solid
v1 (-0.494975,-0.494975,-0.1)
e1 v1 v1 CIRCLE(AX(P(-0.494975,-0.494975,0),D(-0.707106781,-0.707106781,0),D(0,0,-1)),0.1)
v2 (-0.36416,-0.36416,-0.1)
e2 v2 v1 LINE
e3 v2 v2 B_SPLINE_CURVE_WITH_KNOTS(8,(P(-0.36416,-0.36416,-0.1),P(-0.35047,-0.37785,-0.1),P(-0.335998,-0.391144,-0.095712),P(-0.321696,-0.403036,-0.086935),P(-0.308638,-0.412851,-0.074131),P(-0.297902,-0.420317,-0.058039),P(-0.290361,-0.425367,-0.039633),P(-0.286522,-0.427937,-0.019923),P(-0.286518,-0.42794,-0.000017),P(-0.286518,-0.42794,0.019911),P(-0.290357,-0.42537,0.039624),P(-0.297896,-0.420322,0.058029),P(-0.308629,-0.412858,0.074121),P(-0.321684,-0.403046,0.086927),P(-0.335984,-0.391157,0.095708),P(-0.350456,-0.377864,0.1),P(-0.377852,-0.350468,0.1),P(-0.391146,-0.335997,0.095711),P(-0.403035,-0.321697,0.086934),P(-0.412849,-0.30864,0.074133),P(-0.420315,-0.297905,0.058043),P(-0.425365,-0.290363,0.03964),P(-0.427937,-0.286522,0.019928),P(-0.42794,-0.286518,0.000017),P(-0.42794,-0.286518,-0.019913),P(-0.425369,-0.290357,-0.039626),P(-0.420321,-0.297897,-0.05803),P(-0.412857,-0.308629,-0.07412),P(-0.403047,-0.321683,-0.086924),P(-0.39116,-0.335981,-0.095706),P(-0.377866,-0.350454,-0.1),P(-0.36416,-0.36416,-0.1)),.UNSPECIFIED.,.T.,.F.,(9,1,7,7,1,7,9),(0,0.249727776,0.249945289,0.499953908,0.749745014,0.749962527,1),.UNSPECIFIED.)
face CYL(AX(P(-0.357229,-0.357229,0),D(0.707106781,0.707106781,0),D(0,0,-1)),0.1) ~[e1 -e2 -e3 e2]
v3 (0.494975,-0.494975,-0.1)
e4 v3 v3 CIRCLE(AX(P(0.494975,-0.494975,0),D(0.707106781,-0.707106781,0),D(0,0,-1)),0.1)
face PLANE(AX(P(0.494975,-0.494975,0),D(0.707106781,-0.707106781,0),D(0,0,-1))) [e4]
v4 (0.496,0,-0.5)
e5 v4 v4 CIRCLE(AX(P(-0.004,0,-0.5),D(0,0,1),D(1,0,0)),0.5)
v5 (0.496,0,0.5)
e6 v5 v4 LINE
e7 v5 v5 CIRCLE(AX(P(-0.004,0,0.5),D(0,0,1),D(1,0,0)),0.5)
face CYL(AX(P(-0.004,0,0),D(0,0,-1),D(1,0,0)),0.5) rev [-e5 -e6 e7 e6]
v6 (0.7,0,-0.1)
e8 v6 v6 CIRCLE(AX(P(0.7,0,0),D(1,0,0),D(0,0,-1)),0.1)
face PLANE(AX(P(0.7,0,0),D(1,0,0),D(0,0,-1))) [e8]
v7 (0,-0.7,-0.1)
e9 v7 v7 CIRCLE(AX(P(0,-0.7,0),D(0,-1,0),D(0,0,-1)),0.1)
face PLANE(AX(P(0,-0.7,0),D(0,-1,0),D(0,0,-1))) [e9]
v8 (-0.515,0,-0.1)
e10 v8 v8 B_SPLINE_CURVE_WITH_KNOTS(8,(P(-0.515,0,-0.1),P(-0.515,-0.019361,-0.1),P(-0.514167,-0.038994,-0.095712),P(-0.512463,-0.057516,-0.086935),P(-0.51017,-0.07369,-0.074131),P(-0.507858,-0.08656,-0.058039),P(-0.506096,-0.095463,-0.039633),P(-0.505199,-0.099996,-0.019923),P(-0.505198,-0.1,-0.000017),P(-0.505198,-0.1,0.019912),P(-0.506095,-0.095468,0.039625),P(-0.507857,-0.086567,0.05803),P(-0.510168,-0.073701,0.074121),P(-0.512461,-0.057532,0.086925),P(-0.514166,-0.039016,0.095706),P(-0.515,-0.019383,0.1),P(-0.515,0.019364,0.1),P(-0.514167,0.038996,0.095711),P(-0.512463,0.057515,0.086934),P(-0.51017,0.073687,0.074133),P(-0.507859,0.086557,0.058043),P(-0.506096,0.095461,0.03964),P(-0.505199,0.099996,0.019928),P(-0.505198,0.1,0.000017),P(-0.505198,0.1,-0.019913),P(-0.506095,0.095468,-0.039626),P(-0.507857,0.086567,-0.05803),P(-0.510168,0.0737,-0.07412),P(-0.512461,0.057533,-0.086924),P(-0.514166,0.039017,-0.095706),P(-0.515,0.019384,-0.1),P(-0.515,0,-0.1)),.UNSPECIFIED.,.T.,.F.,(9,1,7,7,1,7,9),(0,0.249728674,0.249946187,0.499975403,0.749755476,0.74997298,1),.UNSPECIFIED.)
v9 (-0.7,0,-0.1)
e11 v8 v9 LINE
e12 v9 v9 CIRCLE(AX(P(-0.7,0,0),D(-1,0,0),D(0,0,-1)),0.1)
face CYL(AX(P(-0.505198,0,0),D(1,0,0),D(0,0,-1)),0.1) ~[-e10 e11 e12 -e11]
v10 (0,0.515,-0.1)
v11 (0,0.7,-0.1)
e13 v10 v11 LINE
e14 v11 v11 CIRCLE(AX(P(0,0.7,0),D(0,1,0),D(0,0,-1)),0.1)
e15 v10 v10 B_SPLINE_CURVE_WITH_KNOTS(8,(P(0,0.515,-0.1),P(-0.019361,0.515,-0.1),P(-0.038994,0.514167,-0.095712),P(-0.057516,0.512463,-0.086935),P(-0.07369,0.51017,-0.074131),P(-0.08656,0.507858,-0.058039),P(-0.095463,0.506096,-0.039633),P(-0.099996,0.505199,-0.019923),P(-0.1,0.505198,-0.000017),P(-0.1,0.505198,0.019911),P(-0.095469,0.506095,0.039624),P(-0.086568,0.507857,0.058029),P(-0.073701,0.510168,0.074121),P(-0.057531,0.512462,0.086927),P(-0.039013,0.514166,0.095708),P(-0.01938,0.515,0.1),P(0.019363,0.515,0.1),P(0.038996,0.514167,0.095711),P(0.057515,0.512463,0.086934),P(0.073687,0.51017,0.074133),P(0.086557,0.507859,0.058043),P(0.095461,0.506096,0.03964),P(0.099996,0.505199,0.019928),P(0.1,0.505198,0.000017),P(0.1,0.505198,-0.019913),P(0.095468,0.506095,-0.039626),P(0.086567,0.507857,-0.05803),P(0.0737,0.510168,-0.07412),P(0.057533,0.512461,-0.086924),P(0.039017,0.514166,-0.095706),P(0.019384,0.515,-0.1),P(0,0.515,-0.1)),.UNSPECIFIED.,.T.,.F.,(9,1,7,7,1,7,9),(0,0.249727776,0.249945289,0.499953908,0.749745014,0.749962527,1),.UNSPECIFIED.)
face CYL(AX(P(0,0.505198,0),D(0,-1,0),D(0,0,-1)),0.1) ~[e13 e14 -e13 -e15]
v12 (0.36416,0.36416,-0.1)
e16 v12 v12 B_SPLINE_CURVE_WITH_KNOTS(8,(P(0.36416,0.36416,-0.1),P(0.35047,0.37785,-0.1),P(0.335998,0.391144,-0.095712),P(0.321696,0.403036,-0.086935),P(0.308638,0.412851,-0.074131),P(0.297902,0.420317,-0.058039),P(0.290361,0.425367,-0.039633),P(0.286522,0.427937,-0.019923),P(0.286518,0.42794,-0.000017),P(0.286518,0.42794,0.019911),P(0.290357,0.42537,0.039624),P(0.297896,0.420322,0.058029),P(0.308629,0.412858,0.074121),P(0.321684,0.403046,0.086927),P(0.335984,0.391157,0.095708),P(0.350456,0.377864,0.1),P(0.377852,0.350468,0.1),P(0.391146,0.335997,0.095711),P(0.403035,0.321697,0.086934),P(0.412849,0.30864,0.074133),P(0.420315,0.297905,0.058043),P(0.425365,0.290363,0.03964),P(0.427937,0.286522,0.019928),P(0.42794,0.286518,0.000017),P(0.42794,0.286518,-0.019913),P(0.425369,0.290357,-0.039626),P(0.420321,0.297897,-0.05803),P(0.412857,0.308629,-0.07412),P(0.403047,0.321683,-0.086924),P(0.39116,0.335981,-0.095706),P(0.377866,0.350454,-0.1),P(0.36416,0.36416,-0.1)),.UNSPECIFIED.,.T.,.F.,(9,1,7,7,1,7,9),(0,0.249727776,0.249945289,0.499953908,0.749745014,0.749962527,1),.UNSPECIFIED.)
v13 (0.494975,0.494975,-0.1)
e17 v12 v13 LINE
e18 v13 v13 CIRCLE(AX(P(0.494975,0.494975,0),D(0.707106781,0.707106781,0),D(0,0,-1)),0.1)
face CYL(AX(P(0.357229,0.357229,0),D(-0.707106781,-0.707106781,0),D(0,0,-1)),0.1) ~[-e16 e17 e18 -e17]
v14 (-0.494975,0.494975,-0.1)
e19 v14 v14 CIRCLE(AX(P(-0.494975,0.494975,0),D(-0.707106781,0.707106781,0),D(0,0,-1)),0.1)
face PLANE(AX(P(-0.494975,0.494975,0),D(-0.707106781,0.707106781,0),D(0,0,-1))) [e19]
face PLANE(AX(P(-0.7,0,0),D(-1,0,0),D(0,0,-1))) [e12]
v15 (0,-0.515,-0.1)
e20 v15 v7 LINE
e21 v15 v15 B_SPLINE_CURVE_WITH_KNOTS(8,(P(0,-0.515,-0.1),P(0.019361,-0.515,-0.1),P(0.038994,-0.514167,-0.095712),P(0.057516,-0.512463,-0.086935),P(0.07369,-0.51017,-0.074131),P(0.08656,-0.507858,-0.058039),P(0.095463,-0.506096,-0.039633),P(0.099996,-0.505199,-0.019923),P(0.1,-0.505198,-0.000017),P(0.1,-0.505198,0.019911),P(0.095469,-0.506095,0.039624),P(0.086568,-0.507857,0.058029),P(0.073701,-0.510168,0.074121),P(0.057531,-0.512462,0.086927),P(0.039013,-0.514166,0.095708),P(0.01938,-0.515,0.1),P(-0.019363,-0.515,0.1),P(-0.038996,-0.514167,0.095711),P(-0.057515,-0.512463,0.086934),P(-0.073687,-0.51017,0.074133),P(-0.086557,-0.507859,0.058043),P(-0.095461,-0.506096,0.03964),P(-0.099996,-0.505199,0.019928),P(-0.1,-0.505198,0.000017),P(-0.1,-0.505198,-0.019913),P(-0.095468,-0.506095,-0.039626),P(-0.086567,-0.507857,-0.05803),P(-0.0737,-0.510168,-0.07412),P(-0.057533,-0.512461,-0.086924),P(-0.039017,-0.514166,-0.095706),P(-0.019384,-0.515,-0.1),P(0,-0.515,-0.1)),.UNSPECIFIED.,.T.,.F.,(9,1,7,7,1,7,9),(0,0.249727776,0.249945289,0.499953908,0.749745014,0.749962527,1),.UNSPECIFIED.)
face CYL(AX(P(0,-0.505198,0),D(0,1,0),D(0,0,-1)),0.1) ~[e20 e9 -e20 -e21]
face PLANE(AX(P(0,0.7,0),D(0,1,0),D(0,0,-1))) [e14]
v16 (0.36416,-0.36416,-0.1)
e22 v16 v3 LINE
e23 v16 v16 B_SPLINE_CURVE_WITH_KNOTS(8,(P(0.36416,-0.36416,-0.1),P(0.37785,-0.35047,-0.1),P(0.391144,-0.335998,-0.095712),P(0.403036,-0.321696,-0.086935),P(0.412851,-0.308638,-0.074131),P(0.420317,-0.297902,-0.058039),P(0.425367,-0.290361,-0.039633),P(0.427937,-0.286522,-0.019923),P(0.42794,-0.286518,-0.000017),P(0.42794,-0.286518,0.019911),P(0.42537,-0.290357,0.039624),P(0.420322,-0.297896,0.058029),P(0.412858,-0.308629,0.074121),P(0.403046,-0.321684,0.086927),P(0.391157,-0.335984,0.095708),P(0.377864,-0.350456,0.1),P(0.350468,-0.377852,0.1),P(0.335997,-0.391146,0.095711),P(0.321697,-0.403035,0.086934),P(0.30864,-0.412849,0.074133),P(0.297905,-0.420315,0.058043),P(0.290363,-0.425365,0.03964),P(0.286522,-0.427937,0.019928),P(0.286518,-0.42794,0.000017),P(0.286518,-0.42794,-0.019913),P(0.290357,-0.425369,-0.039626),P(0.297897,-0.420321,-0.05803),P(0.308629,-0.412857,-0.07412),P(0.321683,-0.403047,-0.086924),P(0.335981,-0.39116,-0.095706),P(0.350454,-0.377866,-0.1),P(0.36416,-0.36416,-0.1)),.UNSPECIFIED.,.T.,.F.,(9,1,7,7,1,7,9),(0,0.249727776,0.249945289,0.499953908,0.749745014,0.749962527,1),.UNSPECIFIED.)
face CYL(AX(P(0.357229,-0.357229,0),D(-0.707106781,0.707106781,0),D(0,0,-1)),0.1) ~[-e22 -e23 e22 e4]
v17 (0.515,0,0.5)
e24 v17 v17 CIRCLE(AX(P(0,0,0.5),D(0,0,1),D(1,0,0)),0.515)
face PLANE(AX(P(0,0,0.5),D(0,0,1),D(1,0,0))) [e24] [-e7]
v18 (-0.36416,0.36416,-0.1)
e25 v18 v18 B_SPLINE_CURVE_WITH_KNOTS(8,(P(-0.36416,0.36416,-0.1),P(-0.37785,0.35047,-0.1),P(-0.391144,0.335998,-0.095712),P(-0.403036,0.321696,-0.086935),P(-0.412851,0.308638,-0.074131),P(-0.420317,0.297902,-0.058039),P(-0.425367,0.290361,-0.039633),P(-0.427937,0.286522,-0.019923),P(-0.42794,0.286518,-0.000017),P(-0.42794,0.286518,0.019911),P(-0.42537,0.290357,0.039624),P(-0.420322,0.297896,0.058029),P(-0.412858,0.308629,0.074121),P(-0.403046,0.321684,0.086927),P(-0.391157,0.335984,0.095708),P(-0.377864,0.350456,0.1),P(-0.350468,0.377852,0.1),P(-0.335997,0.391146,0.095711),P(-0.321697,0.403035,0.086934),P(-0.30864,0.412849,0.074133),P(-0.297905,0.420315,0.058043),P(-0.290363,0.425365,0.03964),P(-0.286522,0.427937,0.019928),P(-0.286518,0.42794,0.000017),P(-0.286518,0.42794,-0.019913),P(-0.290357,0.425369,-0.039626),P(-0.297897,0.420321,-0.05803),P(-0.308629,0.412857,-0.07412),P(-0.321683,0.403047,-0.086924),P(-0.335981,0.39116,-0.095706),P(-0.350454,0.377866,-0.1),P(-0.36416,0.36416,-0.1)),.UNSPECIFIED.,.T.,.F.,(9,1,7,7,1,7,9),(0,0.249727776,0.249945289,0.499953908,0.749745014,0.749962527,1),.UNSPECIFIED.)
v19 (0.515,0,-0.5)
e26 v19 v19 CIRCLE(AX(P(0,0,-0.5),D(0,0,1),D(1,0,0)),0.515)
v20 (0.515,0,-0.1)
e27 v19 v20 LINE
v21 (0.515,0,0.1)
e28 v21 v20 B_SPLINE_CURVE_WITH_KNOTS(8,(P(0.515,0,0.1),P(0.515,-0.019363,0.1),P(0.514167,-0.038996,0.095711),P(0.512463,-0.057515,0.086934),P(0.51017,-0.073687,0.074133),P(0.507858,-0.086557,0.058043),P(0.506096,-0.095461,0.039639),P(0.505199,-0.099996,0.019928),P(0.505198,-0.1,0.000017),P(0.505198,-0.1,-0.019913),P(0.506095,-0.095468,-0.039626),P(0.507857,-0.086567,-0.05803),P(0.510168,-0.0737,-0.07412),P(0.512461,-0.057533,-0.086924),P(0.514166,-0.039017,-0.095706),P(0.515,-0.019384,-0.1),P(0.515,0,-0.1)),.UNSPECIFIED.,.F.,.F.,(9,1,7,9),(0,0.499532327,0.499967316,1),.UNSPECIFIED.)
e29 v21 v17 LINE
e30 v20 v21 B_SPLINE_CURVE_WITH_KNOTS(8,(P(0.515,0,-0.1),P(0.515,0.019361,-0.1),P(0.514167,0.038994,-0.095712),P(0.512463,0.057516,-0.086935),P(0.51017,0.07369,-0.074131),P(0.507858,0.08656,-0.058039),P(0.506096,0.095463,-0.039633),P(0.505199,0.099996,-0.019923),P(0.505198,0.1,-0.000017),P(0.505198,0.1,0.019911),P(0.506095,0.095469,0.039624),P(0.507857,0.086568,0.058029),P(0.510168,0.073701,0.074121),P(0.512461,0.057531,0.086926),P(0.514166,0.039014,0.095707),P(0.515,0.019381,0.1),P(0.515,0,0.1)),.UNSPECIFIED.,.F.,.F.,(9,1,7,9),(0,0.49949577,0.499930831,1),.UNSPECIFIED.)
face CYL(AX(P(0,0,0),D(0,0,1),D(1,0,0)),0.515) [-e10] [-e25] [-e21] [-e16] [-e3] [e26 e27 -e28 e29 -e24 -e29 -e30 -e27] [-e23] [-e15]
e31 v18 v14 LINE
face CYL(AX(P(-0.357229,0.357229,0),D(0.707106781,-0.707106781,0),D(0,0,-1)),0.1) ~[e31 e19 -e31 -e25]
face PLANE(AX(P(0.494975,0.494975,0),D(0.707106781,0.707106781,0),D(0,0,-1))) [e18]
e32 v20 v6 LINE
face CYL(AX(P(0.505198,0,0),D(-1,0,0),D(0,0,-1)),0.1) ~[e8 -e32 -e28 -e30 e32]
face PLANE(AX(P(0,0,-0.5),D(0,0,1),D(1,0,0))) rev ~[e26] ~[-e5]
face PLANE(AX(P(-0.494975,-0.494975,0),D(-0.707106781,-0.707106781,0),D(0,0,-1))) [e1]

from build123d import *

# Parameters (mm, degrees)
SKETCH1_R           = 0.515
SKETCH1_R_2         = 0.5
BOSS_EXTRUDE1_DEPTH = 0.5
BOSS_EXTRUDE2_START = -0.194802
SKETCH2_R           = 0.1
BOSS_EXTRUDE2_DEPTH = 0.194802
CIRPATTERN1_COUNT   = 8


with BuildPart() as part:
    # Sketch1 → Boss-Extrude1 (new body, symmetric)
    with BuildSketch(Plane.XY):
        Circle(SKETCH1_R)
        with Locations((-0.004, 0)):
            Circle(SKETCH1_R_2, mode=Mode.SUBTRACT)
    extrude(amount=BOSS_EXTRUDE1_DEPTH, both=True)

    # Sketch2 → Boss-Extrude2 (add)
    with BuildSketch(Plane(origin=(0.7, 0, 0), x_dir=(0, 0, -1), z_dir=(1, 0, 0)).offset(BOSS_EXTRUDE2_START)):
        Circle(SKETCH2_R)
    boss_extrude2 = extrude(amount=BOSS_EXTRUDE2_DEPTH)

    # CirPattern1: Boss-Extrude2 ×8 about axis
    cirpattern1_axis = Axis((0, 0, 0.5), (0, 0, -1))
    for i in range(1, CIRPATTERN1_COUNT):
        add(boss_extrude2.rotate(cirpattern1_axis, i * 360 / CIRPATTERN1_COUNT))


solid = part.part
